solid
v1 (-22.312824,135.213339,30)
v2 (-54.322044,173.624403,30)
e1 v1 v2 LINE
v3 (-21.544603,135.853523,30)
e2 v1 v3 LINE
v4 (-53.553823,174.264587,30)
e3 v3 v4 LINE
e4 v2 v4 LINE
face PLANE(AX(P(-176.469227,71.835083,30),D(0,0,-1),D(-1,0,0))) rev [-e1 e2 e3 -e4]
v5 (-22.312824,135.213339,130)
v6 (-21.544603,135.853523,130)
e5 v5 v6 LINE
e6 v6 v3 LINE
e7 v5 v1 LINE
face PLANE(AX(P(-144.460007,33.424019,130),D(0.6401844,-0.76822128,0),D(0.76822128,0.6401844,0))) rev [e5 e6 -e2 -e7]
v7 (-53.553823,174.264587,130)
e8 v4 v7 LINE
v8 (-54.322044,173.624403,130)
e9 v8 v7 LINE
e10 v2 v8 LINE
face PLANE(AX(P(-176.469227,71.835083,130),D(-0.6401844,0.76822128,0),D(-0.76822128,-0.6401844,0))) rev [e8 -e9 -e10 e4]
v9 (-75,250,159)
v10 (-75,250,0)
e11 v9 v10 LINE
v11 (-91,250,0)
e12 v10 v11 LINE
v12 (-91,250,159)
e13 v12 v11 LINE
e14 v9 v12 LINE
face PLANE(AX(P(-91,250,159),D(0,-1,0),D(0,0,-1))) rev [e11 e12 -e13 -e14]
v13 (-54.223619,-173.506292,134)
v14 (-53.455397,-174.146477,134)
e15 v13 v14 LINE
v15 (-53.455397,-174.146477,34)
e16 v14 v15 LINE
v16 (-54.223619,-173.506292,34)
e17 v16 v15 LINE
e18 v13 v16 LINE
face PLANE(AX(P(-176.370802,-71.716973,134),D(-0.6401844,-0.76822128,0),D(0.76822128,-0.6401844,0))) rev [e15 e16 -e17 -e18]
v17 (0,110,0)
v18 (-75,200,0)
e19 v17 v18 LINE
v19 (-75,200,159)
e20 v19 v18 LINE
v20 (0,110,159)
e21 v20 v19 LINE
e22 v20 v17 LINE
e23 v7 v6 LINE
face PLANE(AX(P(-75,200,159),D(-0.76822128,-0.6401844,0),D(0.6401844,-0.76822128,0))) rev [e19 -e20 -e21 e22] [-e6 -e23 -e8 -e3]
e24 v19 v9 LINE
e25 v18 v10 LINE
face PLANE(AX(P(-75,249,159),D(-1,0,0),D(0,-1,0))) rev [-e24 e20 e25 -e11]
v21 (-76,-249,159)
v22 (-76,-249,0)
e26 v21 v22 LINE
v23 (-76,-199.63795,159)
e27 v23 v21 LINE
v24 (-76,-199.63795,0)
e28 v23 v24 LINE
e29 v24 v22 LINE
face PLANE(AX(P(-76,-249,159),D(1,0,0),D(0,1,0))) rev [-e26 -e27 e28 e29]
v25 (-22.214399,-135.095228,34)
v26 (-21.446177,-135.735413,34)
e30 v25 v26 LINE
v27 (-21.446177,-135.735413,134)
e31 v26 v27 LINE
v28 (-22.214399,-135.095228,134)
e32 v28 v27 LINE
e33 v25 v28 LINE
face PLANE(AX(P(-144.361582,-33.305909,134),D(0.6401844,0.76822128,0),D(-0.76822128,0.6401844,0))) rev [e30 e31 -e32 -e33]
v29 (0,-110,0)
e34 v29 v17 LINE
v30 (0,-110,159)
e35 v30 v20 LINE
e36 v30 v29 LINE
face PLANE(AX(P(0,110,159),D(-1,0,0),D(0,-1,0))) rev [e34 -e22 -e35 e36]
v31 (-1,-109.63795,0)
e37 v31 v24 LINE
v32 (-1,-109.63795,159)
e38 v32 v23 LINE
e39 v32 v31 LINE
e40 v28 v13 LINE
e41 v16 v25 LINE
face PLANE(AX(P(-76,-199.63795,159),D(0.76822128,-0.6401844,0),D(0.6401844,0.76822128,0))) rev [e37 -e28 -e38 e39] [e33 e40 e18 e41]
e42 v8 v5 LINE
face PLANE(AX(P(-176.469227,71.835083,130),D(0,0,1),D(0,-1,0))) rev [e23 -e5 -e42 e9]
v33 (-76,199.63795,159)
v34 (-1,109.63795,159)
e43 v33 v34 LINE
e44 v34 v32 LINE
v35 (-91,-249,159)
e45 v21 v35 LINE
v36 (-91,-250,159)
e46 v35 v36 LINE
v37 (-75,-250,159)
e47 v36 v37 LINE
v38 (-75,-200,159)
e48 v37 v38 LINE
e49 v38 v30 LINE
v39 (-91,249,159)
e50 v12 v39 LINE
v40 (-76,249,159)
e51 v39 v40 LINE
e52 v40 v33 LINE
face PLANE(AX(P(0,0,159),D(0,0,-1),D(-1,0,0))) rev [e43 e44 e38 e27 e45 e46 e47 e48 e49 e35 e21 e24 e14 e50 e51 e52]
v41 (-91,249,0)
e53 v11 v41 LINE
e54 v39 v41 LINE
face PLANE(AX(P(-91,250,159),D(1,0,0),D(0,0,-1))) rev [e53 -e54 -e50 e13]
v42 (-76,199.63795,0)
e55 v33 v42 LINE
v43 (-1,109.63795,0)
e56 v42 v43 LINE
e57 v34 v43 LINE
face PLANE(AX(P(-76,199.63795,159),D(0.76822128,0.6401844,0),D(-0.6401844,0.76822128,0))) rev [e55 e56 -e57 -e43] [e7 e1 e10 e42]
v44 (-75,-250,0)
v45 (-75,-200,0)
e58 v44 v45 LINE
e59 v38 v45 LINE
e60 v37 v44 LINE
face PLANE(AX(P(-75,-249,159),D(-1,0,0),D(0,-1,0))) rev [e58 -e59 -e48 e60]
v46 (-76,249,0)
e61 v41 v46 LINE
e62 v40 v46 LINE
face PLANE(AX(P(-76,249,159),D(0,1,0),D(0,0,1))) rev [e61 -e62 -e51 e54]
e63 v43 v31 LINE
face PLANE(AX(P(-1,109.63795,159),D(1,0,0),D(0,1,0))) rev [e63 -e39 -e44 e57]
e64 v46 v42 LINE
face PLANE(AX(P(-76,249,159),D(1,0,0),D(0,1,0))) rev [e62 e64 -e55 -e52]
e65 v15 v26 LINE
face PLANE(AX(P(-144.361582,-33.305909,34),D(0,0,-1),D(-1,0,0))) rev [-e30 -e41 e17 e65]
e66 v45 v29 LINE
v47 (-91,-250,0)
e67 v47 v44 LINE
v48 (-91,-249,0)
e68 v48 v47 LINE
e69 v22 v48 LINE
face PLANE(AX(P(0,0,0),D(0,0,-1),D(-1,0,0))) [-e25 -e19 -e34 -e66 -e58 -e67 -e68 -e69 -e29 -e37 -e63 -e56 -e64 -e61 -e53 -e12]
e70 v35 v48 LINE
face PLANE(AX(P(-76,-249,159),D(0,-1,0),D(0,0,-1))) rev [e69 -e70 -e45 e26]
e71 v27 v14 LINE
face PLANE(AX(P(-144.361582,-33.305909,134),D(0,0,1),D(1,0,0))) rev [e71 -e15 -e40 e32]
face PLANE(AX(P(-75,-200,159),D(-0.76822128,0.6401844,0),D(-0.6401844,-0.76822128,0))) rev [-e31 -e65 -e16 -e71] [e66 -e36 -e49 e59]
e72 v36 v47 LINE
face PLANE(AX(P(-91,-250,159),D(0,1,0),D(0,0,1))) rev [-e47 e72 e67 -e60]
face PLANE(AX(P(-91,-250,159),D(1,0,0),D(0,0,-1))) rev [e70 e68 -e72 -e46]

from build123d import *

# Parameters (mm, degrees)
BOSS_EXTRUDE1_DEPTH = 159
SKETCH2_W           = 100
SKETCH2_H           = 50
CUT_EXTRUDE1_DEPTH  = 160
SKETCH5_W           = 100
SKETCH5_H           = 50
CUT_EXTRUDE2_DEPTH  = 160


with BuildPart() as part:
    # Sketch1 → Boss-Extrude1 (new body)
    with BuildSketch(Plane.XY):
        Polygon((0, 110), (0, -110), (-75, -200), (-75, -249), (-75, -250), (-91, -250), (-91, -249), (-76, -249), (-76, -199.637950065), (-1, -109.637950065), (-1, 109.637950065), (-76, 199.637950065), (-76, 249), (-91, 249), (-91, 250), (-75, 250), (-75, 249), (-75, 200), align=None)
    extrude(amount=BOSS_EXTRUDE1_DEPTH)

    # Sketch2 → Cut-Extrude1 (cut)
    with BuildSketch(Plane(origin=(54.098360656, -45.081967213, 0), x_dir=(0, 0, -1), z_dir=(0.76822128, -0.6401844, 0))):
        with Locations((-84, -143.004340756)):
            Rectangle(SKETCH2_W, SKETCH2_H)
    extrude(amount=-CUT_EXTRUDE1_DEPTH, mode=Mode.SUBTRACT)

    # Sketch5 → Cut-Extrude2 (cut)
    with BuildSketch(Plane(origin=(54.098360656, 45.081967213, 0), x_dir=(0, 0, -1), z_dir=(0.76822128, 0.6401844, 0))):
        with Locations((-80, 143.158085894)):
            Rectangle(SKETCH5_W, SKETCH5_H)
    extrude(amount=-CUT_EXTRUDE2_DEPTH, mode=Mode.SUBTRACT)


solid = part.part
